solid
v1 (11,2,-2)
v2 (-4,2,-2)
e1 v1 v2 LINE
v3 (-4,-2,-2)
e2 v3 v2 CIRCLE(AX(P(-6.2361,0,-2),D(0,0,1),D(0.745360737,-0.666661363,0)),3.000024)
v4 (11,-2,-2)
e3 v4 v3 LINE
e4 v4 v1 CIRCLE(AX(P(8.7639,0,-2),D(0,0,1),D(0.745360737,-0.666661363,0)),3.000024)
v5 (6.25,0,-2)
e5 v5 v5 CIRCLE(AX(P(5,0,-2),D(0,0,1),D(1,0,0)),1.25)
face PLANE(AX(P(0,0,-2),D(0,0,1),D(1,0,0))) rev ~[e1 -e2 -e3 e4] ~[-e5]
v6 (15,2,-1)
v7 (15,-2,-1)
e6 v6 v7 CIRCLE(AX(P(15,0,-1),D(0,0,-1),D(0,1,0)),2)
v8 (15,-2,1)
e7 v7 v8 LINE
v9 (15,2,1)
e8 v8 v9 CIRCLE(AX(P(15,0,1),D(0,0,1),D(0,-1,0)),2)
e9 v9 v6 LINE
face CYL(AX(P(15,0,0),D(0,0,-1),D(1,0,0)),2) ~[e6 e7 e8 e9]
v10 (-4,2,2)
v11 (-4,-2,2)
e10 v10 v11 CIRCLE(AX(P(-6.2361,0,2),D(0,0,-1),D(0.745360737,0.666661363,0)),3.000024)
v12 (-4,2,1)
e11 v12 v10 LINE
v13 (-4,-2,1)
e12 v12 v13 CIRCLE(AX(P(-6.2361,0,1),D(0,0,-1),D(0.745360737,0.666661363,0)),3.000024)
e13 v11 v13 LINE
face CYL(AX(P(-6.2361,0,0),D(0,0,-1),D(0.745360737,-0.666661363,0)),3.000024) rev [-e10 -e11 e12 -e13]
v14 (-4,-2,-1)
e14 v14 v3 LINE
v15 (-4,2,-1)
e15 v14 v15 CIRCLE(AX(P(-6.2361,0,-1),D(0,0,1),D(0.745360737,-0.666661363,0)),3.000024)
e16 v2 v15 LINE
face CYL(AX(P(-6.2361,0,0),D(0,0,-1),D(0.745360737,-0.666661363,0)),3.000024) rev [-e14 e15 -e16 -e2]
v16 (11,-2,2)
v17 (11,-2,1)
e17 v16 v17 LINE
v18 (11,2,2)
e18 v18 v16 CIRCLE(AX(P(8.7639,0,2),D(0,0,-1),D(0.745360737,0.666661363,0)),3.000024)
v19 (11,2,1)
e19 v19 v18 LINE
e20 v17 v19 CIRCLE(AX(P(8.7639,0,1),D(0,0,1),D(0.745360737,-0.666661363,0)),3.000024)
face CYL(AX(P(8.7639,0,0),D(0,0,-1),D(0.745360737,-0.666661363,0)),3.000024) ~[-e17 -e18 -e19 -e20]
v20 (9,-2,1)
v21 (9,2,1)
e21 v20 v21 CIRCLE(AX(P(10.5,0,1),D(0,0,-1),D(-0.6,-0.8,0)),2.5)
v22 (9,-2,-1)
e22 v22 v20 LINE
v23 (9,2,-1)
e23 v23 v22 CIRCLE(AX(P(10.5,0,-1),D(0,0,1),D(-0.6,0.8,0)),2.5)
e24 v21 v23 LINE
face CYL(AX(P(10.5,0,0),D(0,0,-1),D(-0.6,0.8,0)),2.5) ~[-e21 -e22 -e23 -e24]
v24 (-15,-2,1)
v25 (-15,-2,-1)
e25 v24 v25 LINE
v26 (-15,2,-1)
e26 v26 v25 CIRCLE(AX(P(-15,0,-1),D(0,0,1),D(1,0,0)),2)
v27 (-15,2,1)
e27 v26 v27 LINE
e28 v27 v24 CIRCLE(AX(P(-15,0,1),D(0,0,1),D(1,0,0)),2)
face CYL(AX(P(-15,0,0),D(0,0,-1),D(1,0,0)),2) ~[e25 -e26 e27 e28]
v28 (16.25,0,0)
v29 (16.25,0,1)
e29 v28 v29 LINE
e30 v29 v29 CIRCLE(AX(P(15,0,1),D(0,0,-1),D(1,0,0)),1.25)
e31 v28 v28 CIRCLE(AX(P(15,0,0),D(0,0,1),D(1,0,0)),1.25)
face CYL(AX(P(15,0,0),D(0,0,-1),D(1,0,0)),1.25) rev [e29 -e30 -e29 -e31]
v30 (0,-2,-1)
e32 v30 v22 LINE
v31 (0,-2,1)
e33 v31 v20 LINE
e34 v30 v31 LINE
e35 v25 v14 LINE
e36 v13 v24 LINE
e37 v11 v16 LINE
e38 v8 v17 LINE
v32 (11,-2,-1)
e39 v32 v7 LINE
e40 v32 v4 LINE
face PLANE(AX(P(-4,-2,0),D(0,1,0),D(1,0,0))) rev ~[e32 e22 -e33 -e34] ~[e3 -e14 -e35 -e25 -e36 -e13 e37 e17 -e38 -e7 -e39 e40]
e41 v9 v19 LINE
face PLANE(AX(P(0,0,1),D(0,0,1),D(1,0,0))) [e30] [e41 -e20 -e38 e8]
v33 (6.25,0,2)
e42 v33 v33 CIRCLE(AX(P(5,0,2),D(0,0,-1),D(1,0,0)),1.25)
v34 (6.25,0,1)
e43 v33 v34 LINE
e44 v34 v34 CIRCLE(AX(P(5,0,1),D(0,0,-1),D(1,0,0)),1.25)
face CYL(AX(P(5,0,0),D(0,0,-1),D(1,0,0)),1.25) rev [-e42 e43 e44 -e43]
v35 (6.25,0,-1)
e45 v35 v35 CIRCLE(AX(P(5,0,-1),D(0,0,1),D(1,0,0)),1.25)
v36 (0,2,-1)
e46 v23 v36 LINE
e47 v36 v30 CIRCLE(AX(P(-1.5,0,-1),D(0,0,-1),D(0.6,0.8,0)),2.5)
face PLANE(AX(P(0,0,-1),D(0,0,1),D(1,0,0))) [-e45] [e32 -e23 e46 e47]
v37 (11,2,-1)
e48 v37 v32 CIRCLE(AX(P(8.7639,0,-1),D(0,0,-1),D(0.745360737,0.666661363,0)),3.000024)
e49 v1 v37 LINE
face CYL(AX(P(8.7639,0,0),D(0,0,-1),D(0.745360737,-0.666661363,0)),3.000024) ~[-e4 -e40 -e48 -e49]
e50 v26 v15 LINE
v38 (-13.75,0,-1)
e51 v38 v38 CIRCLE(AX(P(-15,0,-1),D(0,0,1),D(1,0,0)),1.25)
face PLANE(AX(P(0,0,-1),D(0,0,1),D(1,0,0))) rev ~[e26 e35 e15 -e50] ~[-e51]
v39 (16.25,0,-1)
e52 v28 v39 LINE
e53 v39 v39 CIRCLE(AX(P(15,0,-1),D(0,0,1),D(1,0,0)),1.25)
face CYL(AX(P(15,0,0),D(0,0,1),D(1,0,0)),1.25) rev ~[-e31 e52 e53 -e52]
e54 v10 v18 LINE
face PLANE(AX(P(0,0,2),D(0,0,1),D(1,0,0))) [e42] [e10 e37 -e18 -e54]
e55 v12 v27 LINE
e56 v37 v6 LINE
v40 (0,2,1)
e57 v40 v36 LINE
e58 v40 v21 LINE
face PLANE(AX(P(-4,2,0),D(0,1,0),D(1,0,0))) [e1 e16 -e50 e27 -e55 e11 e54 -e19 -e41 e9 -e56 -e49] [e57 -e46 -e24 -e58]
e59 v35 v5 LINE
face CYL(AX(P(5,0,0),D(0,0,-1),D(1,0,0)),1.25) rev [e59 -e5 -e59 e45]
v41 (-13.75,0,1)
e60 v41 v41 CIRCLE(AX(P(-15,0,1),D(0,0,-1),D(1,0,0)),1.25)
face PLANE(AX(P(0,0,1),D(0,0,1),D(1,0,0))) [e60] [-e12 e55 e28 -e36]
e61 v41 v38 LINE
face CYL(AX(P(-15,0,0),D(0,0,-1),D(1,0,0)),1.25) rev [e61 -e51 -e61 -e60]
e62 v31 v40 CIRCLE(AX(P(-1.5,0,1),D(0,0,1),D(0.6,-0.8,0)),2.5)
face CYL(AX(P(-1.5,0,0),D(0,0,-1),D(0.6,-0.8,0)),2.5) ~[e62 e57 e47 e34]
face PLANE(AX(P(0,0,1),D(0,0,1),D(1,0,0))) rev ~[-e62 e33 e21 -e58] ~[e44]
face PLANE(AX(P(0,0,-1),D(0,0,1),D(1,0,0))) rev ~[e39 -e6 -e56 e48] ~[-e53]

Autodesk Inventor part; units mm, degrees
ref_plane "YZ Plane" through (0, 0, 0) normal (1, 0, 0) x (0, 1, 0)
ref_plane "XZ Plane" through (0, 0, 0) normal (0, 1, 0) x (-1, 0, 0)
ref_plane "XY Plane" through (0, 0, 0) normal (0, 0, 1) x (1, 0, 0)
sketch "Sketch1" plane through (0, 0, 0) normal (0, 0, 1) x (1, 0, 0)
  line L0 (0, 0) -> (15, 0)
  line L1 (0, 0) -> (-15, 0)
  line L2 (0, 0) -> (5, 0)
  circle A0 centre (-15, 0) radius 1.25
  circle A1 centre (15, 0) radius 1.25
  circle A2 centre (-15, 0) radius 2
  circle A3 centre (15, 0) radius 2
  line L3 (-15, 2) -> (15, 2)
  line L4 (-15, -2) -> (15, -2)
  circle A4 centre (5, 0) radius 1.25
  line L5 (-15, 2) -> (-4, 2)
  line L6 (-4, 2) -> (-4, -2)
  line L7 (-4, -2) -> (-15, -2)
  line L8 (-15, -2) -> (-15, 2)
  line L9 (15, 2) -> (12.5, 2)
  line L10 (12.5, -2) -> (15, -2)
  line L11 (15, -2) -> (15, 2)
  line L12 (15, 2) -> (14.5, 2)
  line L13 (15, -2) -> (14.5, -2)
  arc A5 (-4, -2) -> (-4, 2) centre (-6.2361, 0) ccw
  line L14 (5, 0) -> (1, 0)
  arc A6 (0, -2) -> (0, 2) centre (-1.5, 0) ccw
  line L15 (0, 2) -> (0, -2)
  line L16 (5, 2) -> (9, 2)
  line L17 (9, 2) -> (9, -2)
  line L18 (5, 0) -> (8, 0)
  arc A7 (9, 2) -> (9, -2) centre (10.5, 0) ccw
  line L19 (-15, 2) -> (-14.5, 2)
  line L20 (-15, -2) -> (-14.5, -2)
  arc A8 (-14.5, -2) -> (-14.5, 2) centre (-14.5, 0) ccw
  line L21 (9, 2) -> (11, 2)
  line L22 (9, -2) -> (11, -2)
  arc A9 (11, -2) -> (11, 2) centre (8.7639, 0) ccw
  point P0 (-4, 2)
  dimension "d1" = 15
  dimension "d2" = 15
  dimension "d3" = 5
  dimension "d4" = 2.5
  dimension "d6" = 2.5
  dimension "d7" = 4
  dimension "d8" = 4
  dimension "d9" = 2.5
  dimension "d10" = 11
  dimension "d16" = 4
  dimension "d17" = 3
  dimension "d18" = 4
  dimension "d21" = 4
  dimension "d23" = 3
  dimension "d24" = 0.5
  dimension "d25" = 0.5
  dimension "d26" = 2
  dimension "d35" = 2
  dimension "d36" = 2
  dimension "d37" = 3
  dimension "d38" = 4
extrude "Extrusion1" add sketch "Sketch1" along normal mid plane 2 contours A5 L6 L1 | L1 L6 A5 | L6 L4 A8 L1 | L1 A8 L3 L6 | A8 L4 A2 L1 | L1 A2 L3 A8 | A9 L0 A3 L4 | A2 L8 A0 L1 | L1 A0 L8 A2 | A2 L8 A0 | L3 A3 L0 A9 | A3 L11 A1 L0 | L0 A1 L11 A3 | L11 A1 A3
extrude "Extrusion2" add sketch "Sketch1" along normal mid plane 4 contours L15 A6 L0 | L15 L4 A5 L1 | L1 A5 L3 L15 | L0 A6 L15 | L17 L0 A9 L4 | A7 L0 L17 | L3 A9 L0 L17 | L17 L0 A7
extrude "Extrusion3" add sketch "Sketch1" along normal mid plane 4 contours A6 L3 A7 L0 A4 | L0 A4 A7 L4 A6
extrude "Extrusion4" cut sketch "Sketch1" along normal mid plane 2 contours A6 L3 A7 L0 A4 | L0 A4 A7 L4 A6
properties part number "link7" material "Aluminum 6061"
